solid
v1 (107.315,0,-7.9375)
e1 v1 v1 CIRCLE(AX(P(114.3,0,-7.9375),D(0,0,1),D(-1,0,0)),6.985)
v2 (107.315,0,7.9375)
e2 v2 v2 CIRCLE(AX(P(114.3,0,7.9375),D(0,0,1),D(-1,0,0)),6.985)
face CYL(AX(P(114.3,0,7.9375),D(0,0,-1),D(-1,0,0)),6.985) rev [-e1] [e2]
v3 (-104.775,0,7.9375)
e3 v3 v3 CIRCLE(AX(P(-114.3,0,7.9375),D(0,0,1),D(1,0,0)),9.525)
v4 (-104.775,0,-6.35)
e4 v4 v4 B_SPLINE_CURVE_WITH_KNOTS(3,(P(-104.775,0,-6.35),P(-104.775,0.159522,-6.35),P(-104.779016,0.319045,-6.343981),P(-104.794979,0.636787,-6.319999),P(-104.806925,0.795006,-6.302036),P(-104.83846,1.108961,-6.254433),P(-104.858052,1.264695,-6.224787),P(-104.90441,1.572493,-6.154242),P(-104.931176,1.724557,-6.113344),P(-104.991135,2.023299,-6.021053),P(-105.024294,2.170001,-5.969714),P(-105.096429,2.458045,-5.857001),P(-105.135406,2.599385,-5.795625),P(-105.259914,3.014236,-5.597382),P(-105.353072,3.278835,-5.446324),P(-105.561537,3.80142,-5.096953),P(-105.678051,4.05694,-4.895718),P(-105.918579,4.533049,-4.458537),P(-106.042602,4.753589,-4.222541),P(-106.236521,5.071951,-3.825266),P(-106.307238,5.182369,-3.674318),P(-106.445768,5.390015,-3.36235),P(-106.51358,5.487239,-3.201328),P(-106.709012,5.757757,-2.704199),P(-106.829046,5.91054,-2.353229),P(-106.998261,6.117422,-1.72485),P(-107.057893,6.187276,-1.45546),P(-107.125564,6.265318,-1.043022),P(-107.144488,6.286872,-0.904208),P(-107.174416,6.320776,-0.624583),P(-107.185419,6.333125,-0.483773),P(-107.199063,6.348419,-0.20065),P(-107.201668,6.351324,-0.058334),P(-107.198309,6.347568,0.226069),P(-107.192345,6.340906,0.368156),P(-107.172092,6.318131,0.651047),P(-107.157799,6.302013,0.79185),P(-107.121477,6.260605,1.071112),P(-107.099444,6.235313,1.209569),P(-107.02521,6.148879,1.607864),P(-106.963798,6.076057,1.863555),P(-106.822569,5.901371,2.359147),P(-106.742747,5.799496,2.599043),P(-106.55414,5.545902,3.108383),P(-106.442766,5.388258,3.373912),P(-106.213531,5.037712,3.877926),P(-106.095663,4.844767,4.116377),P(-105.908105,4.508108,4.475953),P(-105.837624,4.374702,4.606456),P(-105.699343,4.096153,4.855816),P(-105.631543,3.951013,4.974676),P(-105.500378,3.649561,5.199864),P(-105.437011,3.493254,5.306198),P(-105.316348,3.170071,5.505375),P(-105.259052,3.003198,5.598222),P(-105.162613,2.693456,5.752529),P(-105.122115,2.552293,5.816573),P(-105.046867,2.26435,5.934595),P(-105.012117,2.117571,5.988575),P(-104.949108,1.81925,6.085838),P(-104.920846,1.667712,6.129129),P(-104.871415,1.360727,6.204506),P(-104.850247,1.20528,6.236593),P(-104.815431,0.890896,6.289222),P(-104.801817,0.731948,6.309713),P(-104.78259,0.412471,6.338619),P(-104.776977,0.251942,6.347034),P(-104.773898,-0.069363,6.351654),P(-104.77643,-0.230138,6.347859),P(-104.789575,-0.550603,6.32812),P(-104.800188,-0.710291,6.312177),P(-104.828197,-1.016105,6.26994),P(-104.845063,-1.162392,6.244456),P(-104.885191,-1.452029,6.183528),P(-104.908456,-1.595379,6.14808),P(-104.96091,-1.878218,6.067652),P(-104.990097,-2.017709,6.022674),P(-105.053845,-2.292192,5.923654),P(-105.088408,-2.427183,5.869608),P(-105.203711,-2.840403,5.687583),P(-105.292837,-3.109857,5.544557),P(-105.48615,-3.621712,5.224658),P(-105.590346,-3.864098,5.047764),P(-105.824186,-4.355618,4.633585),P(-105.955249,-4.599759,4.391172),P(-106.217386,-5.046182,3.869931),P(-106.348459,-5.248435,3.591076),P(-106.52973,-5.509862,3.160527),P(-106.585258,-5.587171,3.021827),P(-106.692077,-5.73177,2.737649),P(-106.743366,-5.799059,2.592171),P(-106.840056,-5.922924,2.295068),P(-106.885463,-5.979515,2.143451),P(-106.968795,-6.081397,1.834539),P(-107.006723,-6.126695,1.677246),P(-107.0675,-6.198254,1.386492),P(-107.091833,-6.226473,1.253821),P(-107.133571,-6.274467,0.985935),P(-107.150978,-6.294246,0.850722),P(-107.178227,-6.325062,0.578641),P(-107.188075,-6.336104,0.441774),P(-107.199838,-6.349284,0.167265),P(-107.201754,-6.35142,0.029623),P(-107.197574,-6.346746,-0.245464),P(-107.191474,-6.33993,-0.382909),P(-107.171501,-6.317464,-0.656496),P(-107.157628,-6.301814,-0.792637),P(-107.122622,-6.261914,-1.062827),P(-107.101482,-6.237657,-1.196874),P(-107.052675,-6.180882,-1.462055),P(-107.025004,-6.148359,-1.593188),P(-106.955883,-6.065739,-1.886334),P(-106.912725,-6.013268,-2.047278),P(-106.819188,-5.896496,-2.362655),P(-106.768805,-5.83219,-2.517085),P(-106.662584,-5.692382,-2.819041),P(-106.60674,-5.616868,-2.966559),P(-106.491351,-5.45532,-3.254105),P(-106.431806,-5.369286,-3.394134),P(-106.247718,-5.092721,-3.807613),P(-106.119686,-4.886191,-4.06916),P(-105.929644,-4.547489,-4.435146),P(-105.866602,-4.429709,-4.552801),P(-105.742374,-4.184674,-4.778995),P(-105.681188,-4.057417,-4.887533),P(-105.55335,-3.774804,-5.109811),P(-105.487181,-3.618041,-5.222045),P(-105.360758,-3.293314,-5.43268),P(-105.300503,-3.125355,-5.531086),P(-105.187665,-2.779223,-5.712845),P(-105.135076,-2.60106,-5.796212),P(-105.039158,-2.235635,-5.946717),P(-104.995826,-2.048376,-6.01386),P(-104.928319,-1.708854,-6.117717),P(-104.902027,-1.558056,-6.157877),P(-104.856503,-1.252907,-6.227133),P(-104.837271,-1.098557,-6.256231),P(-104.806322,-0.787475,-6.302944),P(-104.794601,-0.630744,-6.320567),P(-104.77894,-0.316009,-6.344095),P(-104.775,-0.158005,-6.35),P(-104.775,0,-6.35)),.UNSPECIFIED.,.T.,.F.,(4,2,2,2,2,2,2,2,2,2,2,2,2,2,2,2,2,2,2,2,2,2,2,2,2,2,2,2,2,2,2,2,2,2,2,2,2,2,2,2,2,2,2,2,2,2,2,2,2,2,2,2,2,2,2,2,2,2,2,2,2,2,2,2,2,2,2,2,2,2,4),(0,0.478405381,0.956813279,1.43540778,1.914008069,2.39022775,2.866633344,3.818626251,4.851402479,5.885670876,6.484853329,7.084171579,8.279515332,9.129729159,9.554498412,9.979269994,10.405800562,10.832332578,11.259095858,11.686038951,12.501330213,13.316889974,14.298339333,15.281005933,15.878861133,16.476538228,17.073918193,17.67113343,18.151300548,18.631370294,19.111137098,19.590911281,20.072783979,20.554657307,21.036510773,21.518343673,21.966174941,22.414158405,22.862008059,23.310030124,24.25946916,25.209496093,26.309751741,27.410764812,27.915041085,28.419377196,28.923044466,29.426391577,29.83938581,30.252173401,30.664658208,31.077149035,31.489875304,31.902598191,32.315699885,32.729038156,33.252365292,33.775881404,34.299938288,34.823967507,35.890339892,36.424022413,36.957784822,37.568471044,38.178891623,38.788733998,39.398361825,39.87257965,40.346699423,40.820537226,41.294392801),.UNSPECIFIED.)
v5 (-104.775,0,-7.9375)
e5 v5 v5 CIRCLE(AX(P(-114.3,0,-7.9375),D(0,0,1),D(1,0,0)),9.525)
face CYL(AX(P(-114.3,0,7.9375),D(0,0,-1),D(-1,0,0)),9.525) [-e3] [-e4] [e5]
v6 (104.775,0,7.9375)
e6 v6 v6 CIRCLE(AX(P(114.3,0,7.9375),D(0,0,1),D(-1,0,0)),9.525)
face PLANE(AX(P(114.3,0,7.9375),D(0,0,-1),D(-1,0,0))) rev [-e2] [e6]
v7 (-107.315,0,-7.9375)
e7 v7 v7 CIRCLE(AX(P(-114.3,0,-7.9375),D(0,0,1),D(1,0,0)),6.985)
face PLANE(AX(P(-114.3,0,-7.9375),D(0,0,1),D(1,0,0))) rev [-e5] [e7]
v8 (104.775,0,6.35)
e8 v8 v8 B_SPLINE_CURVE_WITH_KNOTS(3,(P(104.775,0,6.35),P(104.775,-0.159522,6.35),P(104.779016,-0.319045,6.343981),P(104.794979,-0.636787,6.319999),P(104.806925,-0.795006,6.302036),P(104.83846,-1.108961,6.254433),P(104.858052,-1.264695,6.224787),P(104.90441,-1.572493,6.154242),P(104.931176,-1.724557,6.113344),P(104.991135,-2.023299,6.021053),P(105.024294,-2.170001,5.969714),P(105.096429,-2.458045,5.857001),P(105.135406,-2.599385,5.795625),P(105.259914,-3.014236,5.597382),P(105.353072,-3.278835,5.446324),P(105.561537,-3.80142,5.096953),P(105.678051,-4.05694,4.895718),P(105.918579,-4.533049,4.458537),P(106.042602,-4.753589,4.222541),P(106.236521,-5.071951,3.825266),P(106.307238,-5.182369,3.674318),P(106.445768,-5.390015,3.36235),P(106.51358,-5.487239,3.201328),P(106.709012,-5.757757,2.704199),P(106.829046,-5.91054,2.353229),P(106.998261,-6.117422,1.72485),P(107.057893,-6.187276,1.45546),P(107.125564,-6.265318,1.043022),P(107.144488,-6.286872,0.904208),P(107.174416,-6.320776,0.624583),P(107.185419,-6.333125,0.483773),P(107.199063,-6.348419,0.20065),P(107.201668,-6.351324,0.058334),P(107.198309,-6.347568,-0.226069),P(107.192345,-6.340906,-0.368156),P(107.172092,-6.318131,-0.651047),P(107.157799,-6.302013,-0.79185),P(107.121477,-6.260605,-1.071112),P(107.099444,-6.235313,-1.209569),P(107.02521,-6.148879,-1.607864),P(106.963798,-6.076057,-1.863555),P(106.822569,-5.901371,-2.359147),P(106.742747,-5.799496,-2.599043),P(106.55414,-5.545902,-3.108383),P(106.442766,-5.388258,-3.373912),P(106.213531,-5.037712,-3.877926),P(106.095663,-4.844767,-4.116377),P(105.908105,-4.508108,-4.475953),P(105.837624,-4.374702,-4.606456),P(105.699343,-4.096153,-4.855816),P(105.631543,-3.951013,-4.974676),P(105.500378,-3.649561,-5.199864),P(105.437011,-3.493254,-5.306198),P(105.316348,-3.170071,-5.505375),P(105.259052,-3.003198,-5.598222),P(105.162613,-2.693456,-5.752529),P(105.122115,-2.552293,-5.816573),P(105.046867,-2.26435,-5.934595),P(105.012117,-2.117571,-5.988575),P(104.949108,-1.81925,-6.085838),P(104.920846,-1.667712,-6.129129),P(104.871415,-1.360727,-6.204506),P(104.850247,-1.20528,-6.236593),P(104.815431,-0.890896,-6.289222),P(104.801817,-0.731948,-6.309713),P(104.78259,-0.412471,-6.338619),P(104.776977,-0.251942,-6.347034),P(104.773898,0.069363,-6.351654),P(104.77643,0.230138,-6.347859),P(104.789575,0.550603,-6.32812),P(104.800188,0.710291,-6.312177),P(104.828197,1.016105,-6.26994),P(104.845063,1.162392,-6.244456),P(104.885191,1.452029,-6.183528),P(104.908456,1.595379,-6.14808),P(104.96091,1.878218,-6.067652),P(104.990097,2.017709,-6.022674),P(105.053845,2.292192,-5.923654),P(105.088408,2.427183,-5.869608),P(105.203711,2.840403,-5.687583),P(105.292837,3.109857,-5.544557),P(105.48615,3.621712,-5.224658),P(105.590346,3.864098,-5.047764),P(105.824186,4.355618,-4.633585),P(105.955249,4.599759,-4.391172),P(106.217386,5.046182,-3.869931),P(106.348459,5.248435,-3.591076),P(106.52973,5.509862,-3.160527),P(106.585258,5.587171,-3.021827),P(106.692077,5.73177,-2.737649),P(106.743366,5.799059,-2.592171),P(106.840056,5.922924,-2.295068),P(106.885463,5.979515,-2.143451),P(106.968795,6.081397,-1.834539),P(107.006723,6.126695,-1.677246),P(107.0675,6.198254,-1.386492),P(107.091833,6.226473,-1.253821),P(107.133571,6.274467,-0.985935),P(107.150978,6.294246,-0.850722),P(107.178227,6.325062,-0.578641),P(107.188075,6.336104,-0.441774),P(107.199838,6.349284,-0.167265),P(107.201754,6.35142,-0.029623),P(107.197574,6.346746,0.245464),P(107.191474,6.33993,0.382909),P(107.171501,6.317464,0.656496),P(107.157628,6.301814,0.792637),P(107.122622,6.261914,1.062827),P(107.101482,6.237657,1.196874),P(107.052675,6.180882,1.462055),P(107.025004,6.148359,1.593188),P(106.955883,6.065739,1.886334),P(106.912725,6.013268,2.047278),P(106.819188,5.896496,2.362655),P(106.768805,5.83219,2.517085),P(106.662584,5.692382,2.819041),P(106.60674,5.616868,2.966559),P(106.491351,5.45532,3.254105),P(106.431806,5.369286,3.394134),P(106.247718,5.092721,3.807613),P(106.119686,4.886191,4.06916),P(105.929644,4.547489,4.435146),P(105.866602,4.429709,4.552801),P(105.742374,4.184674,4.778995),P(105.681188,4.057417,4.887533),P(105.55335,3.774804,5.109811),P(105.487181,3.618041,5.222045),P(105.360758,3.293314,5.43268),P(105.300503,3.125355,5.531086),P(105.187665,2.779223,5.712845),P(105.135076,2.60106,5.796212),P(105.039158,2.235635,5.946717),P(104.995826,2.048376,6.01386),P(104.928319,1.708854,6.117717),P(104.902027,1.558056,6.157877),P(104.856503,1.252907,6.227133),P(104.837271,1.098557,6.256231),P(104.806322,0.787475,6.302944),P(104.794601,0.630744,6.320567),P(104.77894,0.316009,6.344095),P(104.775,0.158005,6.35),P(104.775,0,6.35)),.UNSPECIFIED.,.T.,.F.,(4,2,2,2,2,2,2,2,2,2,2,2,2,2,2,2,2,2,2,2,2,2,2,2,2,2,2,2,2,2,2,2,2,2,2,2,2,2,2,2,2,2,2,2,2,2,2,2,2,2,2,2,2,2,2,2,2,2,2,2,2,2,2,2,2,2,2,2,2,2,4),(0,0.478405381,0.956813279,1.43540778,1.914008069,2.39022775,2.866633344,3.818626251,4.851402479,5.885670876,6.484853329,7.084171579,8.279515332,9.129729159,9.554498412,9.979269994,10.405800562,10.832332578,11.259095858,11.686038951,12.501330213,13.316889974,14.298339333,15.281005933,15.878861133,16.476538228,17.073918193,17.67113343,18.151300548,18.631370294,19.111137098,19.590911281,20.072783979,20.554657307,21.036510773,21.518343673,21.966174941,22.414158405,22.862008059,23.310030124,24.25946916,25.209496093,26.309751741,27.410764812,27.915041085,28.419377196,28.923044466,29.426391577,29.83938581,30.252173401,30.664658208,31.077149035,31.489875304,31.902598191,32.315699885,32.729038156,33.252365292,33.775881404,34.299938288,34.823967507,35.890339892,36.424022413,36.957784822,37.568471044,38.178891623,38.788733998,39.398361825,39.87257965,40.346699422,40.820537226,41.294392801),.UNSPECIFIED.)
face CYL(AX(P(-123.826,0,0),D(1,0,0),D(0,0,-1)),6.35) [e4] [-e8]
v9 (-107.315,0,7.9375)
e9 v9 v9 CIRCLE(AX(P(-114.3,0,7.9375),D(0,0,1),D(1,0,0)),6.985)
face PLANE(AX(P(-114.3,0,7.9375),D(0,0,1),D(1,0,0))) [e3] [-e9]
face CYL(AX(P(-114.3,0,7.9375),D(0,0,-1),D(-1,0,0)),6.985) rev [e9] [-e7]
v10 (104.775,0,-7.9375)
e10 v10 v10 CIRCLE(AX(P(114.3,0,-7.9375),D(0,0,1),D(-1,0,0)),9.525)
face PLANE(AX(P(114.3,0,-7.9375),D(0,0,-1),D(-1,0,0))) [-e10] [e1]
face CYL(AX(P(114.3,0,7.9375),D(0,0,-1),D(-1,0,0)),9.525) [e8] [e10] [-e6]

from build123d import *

# Parameters (mm, degrees)
SKETCH3_R                            = 9.525
SKETCH3_R_2                          = 6.985
BOSS_EXTRUDE1_DEPTH                  = 7.9375
BOSS_EXTRUDE1_2_DEPTH                = 7.9375
BOSS_EXTRUDE2_REACH                  = 126.444
BOSS_EXTRUDE2_END_RADIUS             = 9.525
SKETCH4_R                            = 6.35
BOSS_EXTRUDE2_DIRECTION_2_REACH      = 126.444
BOSS_EXTRUDE2_DIRECTION_2_END_RADIUS = 9.525


with BuildPart() as part:
    # Sketch3 → Boss-Extrude1 (new, symmetric)
    with BuildSketch(Plane.XY):
        with Locations((-114.3, 0)):
            Circle(SKETCH3_R)
        with Locations((-114.3, 0)):
            Circle(SKETCH3_R_2, mode=Mode.SUBTRACT)
    extrude(amount=BOSS_EXTRUDE1_DEPTH, both=True)



with BuildPart() as body_2:
    # Sketch3 → Boss-Extrude1 2 (new, symmetric)
    with BuildSketch(Plane.XY):
        with Locations(Location((114.3, 0, 0), (0, 0, 180))):
            Circle(SKETCH3_R)
        with Locations(Location((114.3, 0, 0), (0, 0, 180))):
            Circle(SKETCH3_R_2, mode=Mode.SUBTRACT)
    extrude(amount=BOSS_EXTRUDE1_2_DEPTH, both=True)


with BuildPart() as part_1:
    add(part.part)

    add(body_2.part)  # Boss-Extrude2 merges body 2
    # Boss-Extrude2: up to this cylinder (the profile starts outside it)
    boss_extrude2_end = Plane(origin=(-114.3, 0, 0), z_dir=(0, 0, -1)) * Cylinder(BOSS_EXTRUDE2_END_RADIUS, 272.938, mode=Mode.PRIVATE)
    # Sketch4 → Boss-Extrude2 (add, up to the surface)
    with BuildSketch(Plane(origin=(0, 0, 0), x_dir=(0, 0, -1), z_dir=(1, 0, 0)), mode=Mode.PRIVATE) as boss_extrude2_sk1:
        with Locations(Location((0, 0, 0), (0, 0, 179.999999999))):
            Circle(SKETCH4_R)
    boss_extrude2_tool1 = extrude(boss_extrude2_sk1.sketch, amount=-BOSS_EXTRUDE2_REACH, mode=Mode.PRIVATE) - boss_extrude2_end
    add(boss_extrude2_tool1.solids().sort_by_distance((0, 0, 0))[0])

    # Boss-Extrude2 direction 2: up to this cylinder (the profile starts outside it)
    boss_extrude2_direction_2_end = Plane(origin=(114.3, 0, 0), z_dir=(0, 0, -1)) * Cylinder(BOSS_EXTRUDE2_DIRECTION_2_END_RADIUS, 272.938, mode=Mode.PRIVATE)
    # Sketch4 → Boss-Extrude2 direction 2 (add, up to the surface)
    with BuildSketch(Plane(origin=(0, 0, 0), x_dir=(0, 0, -1), z_dir=(1, 0, 0)), mode=Mode.PRIVATE) as boss_extrude2_direction_2_sk1:
        with Locations(Location((0, 0, 0), (0, 0, 179.999999999))):
            Circle(SKETCH4_R)
    boss_extrude2_direction_2_tool1 = extrude(boss_extrude2_direction_2_sk1.sketch, amount=BOSS_EXTRUDE2_DIRECTION_2_REACH, mode=Mode.PRIVATE) - boss_extrude2_direction_2_end
    add(boss_extrude2_direction_2_tool1.solids().sort_by_distance((0, 0, 0))[0])


solid = part_1.part
